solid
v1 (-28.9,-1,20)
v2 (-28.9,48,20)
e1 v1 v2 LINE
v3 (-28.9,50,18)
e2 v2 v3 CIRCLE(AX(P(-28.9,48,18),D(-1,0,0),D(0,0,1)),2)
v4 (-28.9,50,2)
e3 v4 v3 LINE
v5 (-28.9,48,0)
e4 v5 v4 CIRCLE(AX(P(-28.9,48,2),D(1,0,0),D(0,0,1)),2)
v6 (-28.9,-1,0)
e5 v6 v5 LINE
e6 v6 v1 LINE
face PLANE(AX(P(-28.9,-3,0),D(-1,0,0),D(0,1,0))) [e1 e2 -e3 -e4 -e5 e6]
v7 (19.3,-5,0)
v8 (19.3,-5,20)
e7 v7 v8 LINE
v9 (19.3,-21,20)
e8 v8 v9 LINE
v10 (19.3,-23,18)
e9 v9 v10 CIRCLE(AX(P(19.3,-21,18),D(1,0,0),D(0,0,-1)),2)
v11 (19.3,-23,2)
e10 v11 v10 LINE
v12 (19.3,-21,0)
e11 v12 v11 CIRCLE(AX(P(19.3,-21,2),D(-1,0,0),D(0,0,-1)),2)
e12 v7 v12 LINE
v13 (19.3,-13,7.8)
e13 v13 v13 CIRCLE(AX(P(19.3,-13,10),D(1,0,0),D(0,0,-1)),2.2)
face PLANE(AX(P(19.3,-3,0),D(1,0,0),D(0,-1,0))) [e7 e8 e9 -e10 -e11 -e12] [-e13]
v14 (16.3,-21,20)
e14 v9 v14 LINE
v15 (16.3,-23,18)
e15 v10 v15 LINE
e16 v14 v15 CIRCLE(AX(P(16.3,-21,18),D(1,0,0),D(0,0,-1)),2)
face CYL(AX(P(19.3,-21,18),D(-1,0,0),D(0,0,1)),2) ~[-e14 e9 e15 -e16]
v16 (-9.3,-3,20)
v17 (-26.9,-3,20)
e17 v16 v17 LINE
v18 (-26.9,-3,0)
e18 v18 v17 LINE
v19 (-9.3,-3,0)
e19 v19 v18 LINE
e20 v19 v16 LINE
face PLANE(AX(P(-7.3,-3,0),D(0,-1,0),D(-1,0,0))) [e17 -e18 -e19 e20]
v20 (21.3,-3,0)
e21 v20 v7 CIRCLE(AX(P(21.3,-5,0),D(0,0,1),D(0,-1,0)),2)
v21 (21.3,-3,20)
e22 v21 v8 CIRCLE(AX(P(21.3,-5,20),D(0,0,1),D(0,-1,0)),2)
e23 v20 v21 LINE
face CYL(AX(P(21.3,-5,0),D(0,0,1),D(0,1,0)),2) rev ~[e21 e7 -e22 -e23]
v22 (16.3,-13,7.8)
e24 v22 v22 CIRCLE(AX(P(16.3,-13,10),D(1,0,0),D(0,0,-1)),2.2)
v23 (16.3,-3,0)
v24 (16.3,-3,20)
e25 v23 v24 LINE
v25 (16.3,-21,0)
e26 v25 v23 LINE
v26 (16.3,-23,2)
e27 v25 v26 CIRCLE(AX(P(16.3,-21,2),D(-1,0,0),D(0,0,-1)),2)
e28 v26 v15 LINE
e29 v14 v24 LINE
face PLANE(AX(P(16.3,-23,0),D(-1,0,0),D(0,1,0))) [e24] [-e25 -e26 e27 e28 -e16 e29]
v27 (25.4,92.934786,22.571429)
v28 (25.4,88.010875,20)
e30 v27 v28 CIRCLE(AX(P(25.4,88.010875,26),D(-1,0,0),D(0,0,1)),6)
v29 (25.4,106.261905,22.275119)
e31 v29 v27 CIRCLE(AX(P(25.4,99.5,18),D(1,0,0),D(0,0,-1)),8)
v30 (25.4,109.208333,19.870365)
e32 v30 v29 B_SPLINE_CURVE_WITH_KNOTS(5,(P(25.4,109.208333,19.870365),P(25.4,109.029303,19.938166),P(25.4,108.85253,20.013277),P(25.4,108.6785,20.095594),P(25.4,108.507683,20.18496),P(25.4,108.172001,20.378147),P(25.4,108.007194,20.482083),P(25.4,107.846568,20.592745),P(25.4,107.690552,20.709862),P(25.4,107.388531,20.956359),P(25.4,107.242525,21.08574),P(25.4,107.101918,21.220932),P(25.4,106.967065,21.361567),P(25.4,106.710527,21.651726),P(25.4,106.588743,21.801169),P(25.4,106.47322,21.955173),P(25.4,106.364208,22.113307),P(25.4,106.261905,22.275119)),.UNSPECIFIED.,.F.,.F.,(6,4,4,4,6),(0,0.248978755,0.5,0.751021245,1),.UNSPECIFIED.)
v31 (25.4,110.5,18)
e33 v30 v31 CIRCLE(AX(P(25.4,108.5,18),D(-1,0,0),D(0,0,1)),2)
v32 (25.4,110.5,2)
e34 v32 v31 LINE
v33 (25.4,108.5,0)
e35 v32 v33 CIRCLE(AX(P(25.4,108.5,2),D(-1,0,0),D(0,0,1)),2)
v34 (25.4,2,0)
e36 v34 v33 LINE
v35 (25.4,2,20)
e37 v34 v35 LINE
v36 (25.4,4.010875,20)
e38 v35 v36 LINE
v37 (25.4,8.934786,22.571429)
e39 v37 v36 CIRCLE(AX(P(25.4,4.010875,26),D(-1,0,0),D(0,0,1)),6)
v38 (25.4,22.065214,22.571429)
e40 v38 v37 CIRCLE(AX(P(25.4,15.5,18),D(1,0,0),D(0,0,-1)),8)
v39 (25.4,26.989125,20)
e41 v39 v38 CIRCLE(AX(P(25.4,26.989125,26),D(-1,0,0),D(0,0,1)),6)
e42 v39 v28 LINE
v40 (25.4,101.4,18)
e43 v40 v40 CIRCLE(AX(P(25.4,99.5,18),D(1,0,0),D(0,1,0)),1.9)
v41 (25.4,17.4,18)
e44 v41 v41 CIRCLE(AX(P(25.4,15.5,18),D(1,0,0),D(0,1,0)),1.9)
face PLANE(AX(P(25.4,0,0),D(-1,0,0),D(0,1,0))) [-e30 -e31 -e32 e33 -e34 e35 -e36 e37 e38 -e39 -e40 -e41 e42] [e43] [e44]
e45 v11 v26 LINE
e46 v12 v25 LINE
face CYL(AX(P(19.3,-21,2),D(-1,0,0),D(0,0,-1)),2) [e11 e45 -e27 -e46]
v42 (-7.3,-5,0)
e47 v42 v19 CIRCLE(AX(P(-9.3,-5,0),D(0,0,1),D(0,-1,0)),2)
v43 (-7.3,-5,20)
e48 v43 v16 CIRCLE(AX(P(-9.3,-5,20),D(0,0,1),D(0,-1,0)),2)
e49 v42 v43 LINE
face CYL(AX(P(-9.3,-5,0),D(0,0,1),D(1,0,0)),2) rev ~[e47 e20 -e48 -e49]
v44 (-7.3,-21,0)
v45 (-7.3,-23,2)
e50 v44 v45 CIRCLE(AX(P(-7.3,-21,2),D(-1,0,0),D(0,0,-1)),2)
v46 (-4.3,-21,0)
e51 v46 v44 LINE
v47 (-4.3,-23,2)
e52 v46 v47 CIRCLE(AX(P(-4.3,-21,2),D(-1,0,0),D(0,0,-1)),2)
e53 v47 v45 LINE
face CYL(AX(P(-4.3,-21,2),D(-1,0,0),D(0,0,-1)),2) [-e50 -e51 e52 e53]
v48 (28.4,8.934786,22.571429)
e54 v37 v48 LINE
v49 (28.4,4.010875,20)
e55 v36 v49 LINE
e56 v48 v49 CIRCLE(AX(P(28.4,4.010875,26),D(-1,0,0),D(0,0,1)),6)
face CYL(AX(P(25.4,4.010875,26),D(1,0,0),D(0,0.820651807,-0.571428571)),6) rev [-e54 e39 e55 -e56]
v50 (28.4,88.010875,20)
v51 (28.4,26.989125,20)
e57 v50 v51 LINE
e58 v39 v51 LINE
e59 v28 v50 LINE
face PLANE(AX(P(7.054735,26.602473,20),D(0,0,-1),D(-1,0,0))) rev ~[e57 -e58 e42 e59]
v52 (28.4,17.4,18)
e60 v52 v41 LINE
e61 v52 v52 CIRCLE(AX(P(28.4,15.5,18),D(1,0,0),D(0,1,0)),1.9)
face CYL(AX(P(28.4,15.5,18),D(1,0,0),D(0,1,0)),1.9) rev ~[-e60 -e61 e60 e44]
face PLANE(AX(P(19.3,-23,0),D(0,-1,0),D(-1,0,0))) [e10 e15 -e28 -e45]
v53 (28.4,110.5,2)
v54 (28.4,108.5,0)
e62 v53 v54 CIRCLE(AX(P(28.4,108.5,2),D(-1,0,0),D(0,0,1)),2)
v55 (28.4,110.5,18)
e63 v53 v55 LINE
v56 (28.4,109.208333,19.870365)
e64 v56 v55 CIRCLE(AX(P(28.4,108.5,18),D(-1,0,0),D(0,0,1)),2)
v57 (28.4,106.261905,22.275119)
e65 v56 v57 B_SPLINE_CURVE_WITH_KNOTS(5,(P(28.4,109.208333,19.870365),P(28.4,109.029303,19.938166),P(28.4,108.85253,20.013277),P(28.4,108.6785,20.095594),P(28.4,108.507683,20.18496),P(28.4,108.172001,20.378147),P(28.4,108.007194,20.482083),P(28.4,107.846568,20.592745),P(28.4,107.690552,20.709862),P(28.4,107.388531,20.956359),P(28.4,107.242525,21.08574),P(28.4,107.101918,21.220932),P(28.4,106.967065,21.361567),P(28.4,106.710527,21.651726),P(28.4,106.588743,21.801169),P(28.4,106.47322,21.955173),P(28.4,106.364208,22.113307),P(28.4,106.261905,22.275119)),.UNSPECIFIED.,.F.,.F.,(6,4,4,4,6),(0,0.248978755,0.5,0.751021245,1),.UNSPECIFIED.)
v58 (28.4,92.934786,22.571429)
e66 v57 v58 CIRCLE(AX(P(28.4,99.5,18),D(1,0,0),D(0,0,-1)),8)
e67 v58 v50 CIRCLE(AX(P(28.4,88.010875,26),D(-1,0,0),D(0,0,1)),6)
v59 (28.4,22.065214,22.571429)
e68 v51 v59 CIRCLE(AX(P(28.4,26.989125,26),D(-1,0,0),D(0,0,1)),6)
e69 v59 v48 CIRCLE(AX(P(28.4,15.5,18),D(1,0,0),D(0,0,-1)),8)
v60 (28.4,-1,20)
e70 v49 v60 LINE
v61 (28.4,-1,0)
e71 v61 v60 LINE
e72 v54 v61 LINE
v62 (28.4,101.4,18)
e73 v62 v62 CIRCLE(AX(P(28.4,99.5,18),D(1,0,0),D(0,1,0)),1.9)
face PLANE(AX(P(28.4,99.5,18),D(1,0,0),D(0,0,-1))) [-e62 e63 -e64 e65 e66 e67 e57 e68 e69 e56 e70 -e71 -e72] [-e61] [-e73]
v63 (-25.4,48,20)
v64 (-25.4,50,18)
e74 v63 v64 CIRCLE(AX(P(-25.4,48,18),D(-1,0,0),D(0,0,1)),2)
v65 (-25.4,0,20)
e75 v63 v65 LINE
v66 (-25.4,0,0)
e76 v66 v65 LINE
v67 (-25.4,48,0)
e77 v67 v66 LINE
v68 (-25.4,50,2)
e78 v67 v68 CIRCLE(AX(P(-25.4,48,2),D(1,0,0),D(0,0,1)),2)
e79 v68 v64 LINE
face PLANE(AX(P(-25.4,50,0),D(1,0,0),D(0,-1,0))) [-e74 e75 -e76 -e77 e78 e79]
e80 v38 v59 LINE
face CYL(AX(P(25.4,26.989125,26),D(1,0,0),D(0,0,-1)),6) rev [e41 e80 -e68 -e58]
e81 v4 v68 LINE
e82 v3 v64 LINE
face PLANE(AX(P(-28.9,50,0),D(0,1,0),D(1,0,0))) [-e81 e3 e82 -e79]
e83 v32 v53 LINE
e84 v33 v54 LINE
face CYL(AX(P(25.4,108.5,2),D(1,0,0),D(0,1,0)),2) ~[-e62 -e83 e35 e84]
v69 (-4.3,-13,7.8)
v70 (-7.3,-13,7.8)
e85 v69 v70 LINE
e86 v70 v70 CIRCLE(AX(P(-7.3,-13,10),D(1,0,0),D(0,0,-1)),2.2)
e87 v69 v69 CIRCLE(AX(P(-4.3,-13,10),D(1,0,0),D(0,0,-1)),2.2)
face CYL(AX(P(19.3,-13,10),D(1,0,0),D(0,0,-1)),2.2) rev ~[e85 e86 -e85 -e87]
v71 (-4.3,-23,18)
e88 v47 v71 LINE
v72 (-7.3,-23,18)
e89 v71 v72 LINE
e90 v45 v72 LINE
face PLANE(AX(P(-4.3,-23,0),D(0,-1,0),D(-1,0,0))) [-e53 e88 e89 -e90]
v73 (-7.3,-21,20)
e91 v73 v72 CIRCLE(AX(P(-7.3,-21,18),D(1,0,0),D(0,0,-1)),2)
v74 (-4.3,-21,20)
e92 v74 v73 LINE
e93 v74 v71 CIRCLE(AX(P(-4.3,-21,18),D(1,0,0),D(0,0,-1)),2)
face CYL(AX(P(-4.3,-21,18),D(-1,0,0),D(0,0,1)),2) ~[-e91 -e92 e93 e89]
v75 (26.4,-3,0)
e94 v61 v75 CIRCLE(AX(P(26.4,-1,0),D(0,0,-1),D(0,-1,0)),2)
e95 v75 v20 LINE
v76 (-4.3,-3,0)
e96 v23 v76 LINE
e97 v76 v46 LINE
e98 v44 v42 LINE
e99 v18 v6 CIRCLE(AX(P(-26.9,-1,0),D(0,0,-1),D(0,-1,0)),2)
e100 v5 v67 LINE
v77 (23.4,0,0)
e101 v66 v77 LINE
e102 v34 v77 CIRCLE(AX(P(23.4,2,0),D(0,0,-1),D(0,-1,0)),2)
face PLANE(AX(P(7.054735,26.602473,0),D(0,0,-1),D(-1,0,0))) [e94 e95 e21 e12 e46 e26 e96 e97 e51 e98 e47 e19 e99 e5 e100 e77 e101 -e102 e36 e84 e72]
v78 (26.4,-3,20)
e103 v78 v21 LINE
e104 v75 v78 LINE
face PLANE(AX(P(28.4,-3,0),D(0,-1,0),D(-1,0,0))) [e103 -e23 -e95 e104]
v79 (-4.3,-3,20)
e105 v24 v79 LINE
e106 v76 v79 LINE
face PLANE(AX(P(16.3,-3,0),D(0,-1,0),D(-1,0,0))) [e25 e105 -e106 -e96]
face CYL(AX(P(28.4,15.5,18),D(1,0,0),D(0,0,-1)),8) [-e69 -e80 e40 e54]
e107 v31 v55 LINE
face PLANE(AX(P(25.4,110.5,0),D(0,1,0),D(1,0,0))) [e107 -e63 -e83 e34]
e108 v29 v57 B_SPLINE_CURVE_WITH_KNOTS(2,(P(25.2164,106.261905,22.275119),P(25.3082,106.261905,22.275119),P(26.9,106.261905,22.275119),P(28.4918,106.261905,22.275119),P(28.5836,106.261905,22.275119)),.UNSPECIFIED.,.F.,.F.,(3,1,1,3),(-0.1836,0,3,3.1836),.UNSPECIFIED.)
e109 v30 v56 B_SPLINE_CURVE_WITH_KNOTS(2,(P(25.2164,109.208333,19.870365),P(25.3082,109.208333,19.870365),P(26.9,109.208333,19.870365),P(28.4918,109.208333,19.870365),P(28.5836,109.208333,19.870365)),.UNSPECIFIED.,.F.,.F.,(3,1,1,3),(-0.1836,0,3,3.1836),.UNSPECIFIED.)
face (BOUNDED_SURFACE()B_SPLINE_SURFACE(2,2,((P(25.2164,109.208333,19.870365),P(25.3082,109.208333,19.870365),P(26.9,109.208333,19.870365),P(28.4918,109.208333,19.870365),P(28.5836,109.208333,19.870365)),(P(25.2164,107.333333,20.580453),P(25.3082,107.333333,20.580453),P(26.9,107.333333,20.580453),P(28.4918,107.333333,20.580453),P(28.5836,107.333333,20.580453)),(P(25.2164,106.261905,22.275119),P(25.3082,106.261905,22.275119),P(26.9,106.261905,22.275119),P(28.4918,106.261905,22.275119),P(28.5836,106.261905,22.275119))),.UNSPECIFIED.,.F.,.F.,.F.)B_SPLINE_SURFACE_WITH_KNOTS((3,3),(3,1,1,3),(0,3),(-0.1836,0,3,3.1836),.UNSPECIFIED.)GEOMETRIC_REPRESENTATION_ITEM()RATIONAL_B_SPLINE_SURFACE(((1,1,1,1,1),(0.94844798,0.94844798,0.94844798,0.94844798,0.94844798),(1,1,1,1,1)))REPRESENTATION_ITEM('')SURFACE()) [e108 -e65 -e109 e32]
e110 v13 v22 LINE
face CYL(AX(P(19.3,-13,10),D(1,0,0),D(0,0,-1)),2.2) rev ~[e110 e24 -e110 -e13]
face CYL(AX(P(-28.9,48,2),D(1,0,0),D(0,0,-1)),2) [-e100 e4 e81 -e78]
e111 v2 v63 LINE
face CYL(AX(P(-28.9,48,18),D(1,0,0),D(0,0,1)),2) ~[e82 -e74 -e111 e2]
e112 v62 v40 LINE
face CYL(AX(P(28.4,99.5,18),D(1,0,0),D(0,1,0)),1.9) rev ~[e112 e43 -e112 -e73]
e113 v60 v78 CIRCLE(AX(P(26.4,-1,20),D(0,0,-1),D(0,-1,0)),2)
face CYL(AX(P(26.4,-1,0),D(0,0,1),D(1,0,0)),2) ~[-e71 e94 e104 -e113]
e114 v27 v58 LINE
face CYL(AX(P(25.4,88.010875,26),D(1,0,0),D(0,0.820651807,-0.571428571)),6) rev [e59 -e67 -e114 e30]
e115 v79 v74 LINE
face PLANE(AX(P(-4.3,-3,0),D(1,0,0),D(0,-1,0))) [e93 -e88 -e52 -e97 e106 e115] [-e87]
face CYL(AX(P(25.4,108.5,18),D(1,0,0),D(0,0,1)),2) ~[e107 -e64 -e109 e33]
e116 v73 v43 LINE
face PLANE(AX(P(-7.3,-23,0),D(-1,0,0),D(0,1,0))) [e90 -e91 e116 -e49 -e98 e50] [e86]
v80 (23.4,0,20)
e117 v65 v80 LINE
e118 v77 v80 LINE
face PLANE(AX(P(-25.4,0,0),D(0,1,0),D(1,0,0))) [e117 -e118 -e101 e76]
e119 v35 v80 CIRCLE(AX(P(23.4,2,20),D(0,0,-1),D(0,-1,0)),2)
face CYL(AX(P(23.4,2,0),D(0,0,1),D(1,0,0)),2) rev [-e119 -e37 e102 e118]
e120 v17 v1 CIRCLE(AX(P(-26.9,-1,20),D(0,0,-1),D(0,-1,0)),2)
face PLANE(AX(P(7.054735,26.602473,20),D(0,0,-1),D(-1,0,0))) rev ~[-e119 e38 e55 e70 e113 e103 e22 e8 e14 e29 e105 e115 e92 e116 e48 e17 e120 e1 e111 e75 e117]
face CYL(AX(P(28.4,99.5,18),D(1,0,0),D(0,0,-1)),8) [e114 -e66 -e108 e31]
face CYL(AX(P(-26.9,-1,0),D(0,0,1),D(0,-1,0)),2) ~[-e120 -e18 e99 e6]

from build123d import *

# Parameters (mm, degrees)
BOSS_EXTRUDE1_DEPTH = 20
SKETCH2_R           = 2.2
CUT_EXTRUDE1_DEPTH  = 123.202659546
SKETCH3_R           = 8
BOSS_EXTRUDE2_DEPTH = 3
CUT_EXTRUDE2_REACH  = 129.16
SKETCH4_R           = 1.9
FILLET1_R           = 2
FILLET2_R           = 6


with BuildPart() as part:
    # Sketch1 → Boss-Extrude1 (new body)
    with BuildSketch(Plane.XY):
        Polygon((-25.4, 0), (25.4, 0), (25.4, 110.5), (28.4, 110.5), (28.4, -3), (19.3, -3), (19.3, -23), (16.3, -23), (16.3, -3), (-4.3, -3), (-4.3, -23), (-7.3, -23), (-7.3, -3), (-28.9, -3), (-28.9, 50), (-25.4, 50), align=None)
    extrude(amount=BOSS_EXTRUDE1_DEPTH)

    # Sketch2 → Cut-Extrude1 (cut, through all)
    with BuildSketch(Plane(origin=(19.3, 0, 0), x_dir=(0, 0, -1), z_dir=(1, 0, 0))):
        with Locations((-10, -13)):
            Circle(SKETCH2_R)
    extrude(amount=-CUT_EXTRUDE1_DEPTH, mode=Mode.SUBTRACT)

    # Sketch3 → Boss-Extrude2 (add)
    with BuildSketch(Plane(origin=(28.4, 0, 0), x_dir=(0, 0, -1), z_dir=(1, 0, 0))):
        with Locations((-18, 99.5)):
            Circle(SKETCH3_R)
        with Locations((-18, 15.5)):
            Circle(SKETCH3_R)
    extrude(amount=-BOSS_EXTRUDE2_DEPTH)

    # Sketch4 → Cut-Extrude2 (cut, up to next)
    with BuildSketch(Plane(origin=(28.4, 0, 0), x_dir=(0, 0, -1), z_dir=(1, 0, 0)), mode=Mode.PRIVATE) as cut_extrude2_sk1:
        with Locations(Location((-18, 99.5, 0), (0, 0, 90))):
            Circle(SKETCH4_R)
    cut_extrude2_tool1 = extrude(cut_extrude2_sk1.sketch, amount=-CUT_EXTRUDE2_REACH, mode=Mode.PRIVATE) & part.part
    # Sketch4 → Cut-Extrude2 (cut, up to next)
    with BuildSketch(Plane(origin=(28.4, 0, 0), x_dir=(0, 0, -1), z_dir=(1, 0, 0)), mode=Mode.PRIVATE) as cut_extrude2_sk2:
        with Locations(Location((-18, 15.5, 0), (0, 0, 90))):
            Circle(SKETCH4_R)
    cut_extrude2_tool2 = extrude(cut_extrude2_sk2.sketch, amount=-CUT_EXTRUDE2_REACH, mode=Mode.PRIVATE) & part.part
    add(cut_extrude2_tool1.solids().sort_by_distance((28.4, 99.5, 18))[0], mode=Mode.SUBTRACT)
    add(cut_extrude2_tool2.solids().sort_by_distance((28.4, 15.5, 18))[0], mode=Mode.SUBTRACT)

    # Fillet1
    fillet1_edges = [part.edges().sort_by_distance(p)[0] for p in [
        (26.9, 110.5, 0),
        (17.8, -23, 0),
        (-5.8, -23, 0),
        (-5.8, -23, 20),
        (-27.15, 50, 0),
        (25.4, 0, 10),
        (28.4, -3, 10),
        (19.3, -3, 10),
        (-7.3, -3, 10),
        (-28.9, -3, 10),
        (17.8, -23, 20),
        (26.9, 110.5, 20),
        (-27.15, 50, 20),
    ]]
    fillet(fillet1_edges, radius=FILLET1_R)

    # Fillet2
    fillet2_edges = [part.edges().sort_by_distance(p)[0] for p in [
        (26.9, 91.754033308, 20),
        (26.9, 107.245966692, 20),
        (26.9, 7.754033308, 20),
        (26.9, 23.245966692, 20),
    ]]
    fillet(fillet2_edges, radius=FILLET2_R)


solid = part.part
